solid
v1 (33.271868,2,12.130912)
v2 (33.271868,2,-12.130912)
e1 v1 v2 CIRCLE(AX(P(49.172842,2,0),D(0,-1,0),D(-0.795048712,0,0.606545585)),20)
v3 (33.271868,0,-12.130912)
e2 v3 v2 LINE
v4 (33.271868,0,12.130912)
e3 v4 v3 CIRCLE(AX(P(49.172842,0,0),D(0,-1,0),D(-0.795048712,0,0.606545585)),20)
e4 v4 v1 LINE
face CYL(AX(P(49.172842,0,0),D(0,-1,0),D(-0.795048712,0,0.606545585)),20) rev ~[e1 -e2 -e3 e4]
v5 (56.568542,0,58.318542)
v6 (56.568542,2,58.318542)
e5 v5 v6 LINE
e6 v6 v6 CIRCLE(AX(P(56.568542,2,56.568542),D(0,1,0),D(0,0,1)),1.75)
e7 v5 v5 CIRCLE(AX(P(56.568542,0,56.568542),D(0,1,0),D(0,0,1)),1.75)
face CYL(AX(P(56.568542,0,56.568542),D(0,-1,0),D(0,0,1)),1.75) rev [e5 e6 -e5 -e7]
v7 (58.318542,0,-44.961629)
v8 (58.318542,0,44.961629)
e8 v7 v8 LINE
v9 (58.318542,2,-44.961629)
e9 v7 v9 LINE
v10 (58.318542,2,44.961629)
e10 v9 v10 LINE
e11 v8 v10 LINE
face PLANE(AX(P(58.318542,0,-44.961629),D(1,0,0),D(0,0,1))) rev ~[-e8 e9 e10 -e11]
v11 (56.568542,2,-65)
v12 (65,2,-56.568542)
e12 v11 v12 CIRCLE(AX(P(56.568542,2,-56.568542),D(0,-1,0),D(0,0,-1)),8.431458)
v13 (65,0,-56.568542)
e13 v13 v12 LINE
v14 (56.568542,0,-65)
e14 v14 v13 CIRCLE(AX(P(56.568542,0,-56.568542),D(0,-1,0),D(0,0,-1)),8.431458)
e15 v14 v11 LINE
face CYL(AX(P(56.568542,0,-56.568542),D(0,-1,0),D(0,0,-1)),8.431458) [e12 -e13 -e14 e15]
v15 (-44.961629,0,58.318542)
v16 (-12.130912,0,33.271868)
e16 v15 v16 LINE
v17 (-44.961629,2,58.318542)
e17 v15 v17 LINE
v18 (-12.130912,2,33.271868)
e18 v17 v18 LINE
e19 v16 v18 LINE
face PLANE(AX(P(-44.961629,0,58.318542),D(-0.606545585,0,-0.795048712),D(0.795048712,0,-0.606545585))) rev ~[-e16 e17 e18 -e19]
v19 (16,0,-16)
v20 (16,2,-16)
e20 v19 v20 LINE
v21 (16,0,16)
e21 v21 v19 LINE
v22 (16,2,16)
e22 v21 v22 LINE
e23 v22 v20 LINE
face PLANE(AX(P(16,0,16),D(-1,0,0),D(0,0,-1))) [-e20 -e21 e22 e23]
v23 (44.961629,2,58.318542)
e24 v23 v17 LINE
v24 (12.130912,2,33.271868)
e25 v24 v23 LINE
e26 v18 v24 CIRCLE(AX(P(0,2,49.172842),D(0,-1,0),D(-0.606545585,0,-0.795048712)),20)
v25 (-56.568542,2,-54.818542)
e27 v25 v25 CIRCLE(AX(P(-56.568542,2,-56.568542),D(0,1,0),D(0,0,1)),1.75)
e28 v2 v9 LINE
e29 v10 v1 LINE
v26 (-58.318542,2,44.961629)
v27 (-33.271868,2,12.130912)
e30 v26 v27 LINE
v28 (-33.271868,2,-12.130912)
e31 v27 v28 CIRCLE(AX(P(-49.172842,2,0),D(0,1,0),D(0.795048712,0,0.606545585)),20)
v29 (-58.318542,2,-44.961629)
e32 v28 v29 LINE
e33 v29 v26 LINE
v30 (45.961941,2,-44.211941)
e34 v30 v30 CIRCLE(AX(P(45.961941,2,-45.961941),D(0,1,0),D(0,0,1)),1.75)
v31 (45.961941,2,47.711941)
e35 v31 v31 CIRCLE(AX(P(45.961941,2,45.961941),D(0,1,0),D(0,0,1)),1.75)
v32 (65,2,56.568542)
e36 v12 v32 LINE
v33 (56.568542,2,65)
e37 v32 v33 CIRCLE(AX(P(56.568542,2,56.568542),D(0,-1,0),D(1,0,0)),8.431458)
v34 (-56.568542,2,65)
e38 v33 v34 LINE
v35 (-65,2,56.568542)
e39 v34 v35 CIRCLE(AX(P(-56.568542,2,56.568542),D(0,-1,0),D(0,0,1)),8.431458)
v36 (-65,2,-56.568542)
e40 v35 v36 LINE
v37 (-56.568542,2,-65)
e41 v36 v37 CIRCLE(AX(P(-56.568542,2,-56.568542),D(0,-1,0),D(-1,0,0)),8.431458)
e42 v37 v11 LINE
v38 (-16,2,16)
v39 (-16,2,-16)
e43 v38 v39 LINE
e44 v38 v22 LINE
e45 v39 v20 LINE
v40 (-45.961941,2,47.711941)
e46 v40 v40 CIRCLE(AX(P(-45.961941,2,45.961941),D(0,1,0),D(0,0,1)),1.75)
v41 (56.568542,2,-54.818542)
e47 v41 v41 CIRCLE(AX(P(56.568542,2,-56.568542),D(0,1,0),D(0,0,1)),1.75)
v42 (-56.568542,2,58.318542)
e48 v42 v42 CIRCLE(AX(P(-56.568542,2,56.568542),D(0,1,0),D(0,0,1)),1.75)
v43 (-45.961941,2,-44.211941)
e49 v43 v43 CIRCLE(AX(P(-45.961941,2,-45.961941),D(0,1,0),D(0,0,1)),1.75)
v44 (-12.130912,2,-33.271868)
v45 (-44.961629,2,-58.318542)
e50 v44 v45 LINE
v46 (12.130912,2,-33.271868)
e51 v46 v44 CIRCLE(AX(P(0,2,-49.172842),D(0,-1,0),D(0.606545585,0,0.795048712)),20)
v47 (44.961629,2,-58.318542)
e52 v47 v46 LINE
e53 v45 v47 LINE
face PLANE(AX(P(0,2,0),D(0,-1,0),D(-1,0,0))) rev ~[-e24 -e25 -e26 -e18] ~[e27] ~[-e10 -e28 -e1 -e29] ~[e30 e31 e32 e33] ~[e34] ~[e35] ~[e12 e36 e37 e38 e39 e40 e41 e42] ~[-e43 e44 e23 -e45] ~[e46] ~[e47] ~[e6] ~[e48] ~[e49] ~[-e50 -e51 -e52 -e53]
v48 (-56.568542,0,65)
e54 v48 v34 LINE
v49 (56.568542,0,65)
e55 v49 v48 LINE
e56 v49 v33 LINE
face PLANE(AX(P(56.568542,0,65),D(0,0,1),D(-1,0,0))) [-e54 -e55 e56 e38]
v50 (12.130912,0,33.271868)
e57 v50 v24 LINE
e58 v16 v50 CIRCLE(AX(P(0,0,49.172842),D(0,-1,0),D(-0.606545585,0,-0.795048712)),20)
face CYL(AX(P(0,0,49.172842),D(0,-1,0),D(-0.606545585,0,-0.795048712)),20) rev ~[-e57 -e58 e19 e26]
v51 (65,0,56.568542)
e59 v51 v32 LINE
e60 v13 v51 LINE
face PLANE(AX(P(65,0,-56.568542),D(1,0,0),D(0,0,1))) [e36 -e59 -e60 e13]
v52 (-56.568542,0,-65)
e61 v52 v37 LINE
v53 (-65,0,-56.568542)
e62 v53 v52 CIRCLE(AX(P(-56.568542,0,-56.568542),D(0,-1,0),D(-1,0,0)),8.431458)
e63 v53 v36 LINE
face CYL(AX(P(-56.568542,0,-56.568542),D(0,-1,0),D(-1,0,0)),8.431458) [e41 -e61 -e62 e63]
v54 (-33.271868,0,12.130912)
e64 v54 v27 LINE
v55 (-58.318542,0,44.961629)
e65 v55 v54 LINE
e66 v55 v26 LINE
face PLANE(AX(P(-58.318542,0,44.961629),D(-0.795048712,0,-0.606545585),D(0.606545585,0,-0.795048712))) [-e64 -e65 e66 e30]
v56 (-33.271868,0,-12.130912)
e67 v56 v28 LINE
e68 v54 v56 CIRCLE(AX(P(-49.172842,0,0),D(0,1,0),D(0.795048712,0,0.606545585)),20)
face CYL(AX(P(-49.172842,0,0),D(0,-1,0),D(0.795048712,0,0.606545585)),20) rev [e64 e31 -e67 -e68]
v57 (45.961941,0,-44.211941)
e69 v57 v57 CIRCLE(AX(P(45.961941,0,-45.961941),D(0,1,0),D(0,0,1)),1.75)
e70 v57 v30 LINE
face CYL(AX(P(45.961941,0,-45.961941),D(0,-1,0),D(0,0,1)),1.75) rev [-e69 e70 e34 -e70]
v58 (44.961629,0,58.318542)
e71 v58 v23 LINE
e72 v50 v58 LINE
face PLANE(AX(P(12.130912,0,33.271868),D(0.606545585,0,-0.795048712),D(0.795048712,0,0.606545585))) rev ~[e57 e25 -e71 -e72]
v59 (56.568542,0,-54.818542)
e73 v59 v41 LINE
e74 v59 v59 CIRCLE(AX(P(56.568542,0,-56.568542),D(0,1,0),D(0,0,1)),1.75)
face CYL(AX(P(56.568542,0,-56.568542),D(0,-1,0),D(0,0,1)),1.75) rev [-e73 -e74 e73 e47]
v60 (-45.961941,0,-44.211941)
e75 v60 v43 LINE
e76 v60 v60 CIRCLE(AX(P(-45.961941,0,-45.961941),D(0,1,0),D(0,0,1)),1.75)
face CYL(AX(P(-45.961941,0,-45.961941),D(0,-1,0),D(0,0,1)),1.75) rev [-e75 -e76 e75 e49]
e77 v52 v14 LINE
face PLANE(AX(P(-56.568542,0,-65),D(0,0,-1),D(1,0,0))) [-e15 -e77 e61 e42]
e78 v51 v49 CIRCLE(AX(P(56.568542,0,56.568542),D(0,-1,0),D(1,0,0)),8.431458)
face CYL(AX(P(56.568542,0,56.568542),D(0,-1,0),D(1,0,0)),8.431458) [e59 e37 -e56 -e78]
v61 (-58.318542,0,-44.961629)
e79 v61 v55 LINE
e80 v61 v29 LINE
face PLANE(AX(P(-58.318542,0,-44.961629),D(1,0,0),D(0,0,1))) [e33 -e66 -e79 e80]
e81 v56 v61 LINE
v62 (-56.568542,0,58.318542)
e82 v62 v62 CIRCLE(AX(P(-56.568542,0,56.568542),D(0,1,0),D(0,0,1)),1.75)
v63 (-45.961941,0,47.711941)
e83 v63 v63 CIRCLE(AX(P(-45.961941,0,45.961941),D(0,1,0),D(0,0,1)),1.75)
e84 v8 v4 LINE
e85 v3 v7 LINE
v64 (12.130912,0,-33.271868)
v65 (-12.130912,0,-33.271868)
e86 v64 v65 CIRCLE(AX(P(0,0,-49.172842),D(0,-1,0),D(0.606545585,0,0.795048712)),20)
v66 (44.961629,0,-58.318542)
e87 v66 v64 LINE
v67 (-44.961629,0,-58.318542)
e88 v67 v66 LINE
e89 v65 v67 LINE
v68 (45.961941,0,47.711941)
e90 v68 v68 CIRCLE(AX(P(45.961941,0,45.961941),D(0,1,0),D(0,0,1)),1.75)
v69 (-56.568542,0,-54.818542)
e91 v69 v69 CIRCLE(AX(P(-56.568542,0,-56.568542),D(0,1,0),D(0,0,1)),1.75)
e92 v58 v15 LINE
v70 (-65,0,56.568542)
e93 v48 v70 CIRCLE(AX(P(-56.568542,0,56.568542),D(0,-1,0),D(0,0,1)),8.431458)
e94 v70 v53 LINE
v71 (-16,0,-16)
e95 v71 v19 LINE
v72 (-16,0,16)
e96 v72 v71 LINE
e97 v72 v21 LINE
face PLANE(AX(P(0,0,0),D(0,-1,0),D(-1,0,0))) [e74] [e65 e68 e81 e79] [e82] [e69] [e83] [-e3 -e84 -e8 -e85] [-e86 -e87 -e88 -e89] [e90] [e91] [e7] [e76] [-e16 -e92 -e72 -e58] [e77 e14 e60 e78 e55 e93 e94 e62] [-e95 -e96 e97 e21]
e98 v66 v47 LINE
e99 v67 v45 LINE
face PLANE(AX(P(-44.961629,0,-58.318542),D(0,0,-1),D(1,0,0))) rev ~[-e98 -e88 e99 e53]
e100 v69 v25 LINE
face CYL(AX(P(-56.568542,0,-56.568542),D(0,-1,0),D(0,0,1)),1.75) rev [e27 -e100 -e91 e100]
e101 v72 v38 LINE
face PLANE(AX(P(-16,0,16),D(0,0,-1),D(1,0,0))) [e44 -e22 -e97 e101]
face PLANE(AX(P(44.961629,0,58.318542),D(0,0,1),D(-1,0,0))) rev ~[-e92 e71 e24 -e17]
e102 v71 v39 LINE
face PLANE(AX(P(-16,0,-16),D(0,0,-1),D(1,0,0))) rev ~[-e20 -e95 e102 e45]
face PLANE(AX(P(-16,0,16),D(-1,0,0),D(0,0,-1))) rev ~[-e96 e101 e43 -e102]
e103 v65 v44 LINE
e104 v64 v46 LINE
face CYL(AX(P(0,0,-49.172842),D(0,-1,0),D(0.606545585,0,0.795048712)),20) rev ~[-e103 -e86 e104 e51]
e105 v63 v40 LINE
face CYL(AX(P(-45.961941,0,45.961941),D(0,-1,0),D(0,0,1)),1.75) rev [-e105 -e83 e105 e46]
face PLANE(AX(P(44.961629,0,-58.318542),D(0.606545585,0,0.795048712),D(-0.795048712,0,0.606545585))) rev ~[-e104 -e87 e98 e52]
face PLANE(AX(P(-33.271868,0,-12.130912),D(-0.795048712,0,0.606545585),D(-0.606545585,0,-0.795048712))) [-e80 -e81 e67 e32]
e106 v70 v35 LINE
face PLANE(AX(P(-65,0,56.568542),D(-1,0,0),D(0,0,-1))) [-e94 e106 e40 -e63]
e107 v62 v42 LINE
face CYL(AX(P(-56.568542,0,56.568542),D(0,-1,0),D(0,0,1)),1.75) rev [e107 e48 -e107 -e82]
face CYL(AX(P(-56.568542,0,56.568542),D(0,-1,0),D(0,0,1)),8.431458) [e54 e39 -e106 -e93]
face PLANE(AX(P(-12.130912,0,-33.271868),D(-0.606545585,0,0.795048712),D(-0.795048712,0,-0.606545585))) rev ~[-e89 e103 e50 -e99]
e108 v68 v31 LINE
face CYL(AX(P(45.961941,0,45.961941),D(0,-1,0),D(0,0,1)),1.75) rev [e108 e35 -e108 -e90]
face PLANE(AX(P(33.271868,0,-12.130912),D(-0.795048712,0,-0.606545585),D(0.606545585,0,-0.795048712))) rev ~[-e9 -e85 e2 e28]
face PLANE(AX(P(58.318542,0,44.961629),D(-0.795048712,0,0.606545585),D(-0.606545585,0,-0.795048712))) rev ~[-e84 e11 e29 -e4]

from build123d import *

# Parameters (mm, degrees)
SKETCH_1_R      = 1.75
SKETCH_1_W      = 32
SKETCH_1_H      = 32
EXTRUDE_1_DEPTH = 2


with BuildPart() as part:
    # 草图1 → 凸台-拉伸1 (new body)
    with BuildSketch(Plane(origin=(0, 0, 0), x_dir=(1, 0, 0), z_dir=(0, 1, 0))):
        with BuildLine():
            Line((-56.568542495, 65), (56.568542495, 65))
            ThreePointArc((56.568542495, 65), (62.530483272, 62.530483272), (65, 56.568542495))
            Line((65, 56.568542495), (65, -56.568542495))
            ThreePointArc((65, -56.568542495), (62.530483272, -62.530483272), (56.568542495, -65))
            Line((56.568542495, -65), (-56.568542495, -65))
            ThreePointArc((-56.568542495, -65), (-62.530483272, -62.530483272), (-65, -56.568542495))
            Line((-65, -56.568542495), (-65, 56.568542495))
            ThreePointArc((-65, 56.568542495), (-62.530483272, 62.530483272), (-56.568542495, 65))
        make_face()
        with Locations(Location((-56.568542495, 56.568542495, 0), (0, 0, 270))):
            Circle(SKETCH_1_R, mode=Mode.SUBTRACT)
        with Locations(Location((56.568542495, 56.568542495, 0), (0, 0, 270))):
            Circle(SKETCH_1_R, mode=Mode.SUBTRACT)
        with Locations(Location((56.568542495, -56.568542495, 0), (0, 0, 270))):
            Circle(SKETCH_1_R, mode=Mode.SUBTRACT)
        with Locations(Location((-56.568542495, -56.568542495, 0), (0, 0, 270))):
            Circle(SKETCH_1_R, mode=Mode.SUBTRACT)
        with Locations(Location((45.961940777, 45.961940777, 0), (0, 0, 270))):
            Circle(SKETCH_1_R, mode=Mode.SUBTRACT)
        with Locations(Location((45.961940777, -45.961940777, 0), (0, 0, 270))):
            Circle(SKETCH_1_R, mode=Mode.SUBTRACT)
        with Locations(Location((-45.961940777, -45.961940777, 0), (0, 0, 270))):
            Circle(SKETCH_1_R, mode=Mode.SUBTRACT)
        with Locations(Location((-45.961940777, 45.961940777, 0), (0, 0, 270))):
            Circle(SKETCH_1_R, mode=Mode.SUBTRACT)
        with BuildLine():
            Line((-12.13091169, 33.271867745), (-44.961628787, 58.318542495))
            Line((-44.961628787, 58.318542495), (44.961628787, 58.318542495))
            Line((44.961628787, 58.318542495), (12.13091169, 33.271867745))
            ThreePointArc((12.13091169, 33.271867745), (0, 29.172841978), (-12.13091169, 33.271867745))
        make_face(mode=Mode.SUBTRACT)
        with BuildLine():
            Line((33.271867745, 12.13091169), (58.318542495, 44.961628787))
            Line((58.318542495, 44.961628787), (58.318542495, -44.961628787))
            Line((58.318542495, -44.961628787), (33.271867745, -12.13091169))
            ThreePointArc((33.271867745, -12.13091169), (29.172841978, 0), (33.271867745, 12.13091169))
        make_face(mode=Mode.SUBTRACT)
        with BuildLine():
            Line((-33.271867745, 12.13091169), (-58.318542495, 44.961628787))
            Line((-58.318542495, 44.961628787), (-58.318542495, -44.961628787))
            Line((-58.318542495, -44.961628787), (-33.271867745, -12.13091169))
            ThreePointArc((-33.271867745, -12.13091169), (-29.172841978, 0), (-33.271867745, 12.13091169))
        make_face(mode=Mode.SUBTRACT)
        with BuildLine():
            Line((12.13091169, -33.271867745), (44.961628787, -58.318542495))
            Line((44.961628787, -58.318542495), (-44.961628787, -58.318542495))
            Line((-44.961628787, -58.318542495), (-12.13091169, -33.271867745))
            ThreePointArc((-12.13091169, -33.271867745), (0, -29.172841978), (12.13091169, -33.271867745))
        make_face(mode=Mode.SUBTRACT)
        Rectangle(SKETCH_1_W, SKETCH_1_H, mode=Mode.SUBTRACT)
    extrude(amount=EXTRUDE_1_DEPTH)


solid = part.part
